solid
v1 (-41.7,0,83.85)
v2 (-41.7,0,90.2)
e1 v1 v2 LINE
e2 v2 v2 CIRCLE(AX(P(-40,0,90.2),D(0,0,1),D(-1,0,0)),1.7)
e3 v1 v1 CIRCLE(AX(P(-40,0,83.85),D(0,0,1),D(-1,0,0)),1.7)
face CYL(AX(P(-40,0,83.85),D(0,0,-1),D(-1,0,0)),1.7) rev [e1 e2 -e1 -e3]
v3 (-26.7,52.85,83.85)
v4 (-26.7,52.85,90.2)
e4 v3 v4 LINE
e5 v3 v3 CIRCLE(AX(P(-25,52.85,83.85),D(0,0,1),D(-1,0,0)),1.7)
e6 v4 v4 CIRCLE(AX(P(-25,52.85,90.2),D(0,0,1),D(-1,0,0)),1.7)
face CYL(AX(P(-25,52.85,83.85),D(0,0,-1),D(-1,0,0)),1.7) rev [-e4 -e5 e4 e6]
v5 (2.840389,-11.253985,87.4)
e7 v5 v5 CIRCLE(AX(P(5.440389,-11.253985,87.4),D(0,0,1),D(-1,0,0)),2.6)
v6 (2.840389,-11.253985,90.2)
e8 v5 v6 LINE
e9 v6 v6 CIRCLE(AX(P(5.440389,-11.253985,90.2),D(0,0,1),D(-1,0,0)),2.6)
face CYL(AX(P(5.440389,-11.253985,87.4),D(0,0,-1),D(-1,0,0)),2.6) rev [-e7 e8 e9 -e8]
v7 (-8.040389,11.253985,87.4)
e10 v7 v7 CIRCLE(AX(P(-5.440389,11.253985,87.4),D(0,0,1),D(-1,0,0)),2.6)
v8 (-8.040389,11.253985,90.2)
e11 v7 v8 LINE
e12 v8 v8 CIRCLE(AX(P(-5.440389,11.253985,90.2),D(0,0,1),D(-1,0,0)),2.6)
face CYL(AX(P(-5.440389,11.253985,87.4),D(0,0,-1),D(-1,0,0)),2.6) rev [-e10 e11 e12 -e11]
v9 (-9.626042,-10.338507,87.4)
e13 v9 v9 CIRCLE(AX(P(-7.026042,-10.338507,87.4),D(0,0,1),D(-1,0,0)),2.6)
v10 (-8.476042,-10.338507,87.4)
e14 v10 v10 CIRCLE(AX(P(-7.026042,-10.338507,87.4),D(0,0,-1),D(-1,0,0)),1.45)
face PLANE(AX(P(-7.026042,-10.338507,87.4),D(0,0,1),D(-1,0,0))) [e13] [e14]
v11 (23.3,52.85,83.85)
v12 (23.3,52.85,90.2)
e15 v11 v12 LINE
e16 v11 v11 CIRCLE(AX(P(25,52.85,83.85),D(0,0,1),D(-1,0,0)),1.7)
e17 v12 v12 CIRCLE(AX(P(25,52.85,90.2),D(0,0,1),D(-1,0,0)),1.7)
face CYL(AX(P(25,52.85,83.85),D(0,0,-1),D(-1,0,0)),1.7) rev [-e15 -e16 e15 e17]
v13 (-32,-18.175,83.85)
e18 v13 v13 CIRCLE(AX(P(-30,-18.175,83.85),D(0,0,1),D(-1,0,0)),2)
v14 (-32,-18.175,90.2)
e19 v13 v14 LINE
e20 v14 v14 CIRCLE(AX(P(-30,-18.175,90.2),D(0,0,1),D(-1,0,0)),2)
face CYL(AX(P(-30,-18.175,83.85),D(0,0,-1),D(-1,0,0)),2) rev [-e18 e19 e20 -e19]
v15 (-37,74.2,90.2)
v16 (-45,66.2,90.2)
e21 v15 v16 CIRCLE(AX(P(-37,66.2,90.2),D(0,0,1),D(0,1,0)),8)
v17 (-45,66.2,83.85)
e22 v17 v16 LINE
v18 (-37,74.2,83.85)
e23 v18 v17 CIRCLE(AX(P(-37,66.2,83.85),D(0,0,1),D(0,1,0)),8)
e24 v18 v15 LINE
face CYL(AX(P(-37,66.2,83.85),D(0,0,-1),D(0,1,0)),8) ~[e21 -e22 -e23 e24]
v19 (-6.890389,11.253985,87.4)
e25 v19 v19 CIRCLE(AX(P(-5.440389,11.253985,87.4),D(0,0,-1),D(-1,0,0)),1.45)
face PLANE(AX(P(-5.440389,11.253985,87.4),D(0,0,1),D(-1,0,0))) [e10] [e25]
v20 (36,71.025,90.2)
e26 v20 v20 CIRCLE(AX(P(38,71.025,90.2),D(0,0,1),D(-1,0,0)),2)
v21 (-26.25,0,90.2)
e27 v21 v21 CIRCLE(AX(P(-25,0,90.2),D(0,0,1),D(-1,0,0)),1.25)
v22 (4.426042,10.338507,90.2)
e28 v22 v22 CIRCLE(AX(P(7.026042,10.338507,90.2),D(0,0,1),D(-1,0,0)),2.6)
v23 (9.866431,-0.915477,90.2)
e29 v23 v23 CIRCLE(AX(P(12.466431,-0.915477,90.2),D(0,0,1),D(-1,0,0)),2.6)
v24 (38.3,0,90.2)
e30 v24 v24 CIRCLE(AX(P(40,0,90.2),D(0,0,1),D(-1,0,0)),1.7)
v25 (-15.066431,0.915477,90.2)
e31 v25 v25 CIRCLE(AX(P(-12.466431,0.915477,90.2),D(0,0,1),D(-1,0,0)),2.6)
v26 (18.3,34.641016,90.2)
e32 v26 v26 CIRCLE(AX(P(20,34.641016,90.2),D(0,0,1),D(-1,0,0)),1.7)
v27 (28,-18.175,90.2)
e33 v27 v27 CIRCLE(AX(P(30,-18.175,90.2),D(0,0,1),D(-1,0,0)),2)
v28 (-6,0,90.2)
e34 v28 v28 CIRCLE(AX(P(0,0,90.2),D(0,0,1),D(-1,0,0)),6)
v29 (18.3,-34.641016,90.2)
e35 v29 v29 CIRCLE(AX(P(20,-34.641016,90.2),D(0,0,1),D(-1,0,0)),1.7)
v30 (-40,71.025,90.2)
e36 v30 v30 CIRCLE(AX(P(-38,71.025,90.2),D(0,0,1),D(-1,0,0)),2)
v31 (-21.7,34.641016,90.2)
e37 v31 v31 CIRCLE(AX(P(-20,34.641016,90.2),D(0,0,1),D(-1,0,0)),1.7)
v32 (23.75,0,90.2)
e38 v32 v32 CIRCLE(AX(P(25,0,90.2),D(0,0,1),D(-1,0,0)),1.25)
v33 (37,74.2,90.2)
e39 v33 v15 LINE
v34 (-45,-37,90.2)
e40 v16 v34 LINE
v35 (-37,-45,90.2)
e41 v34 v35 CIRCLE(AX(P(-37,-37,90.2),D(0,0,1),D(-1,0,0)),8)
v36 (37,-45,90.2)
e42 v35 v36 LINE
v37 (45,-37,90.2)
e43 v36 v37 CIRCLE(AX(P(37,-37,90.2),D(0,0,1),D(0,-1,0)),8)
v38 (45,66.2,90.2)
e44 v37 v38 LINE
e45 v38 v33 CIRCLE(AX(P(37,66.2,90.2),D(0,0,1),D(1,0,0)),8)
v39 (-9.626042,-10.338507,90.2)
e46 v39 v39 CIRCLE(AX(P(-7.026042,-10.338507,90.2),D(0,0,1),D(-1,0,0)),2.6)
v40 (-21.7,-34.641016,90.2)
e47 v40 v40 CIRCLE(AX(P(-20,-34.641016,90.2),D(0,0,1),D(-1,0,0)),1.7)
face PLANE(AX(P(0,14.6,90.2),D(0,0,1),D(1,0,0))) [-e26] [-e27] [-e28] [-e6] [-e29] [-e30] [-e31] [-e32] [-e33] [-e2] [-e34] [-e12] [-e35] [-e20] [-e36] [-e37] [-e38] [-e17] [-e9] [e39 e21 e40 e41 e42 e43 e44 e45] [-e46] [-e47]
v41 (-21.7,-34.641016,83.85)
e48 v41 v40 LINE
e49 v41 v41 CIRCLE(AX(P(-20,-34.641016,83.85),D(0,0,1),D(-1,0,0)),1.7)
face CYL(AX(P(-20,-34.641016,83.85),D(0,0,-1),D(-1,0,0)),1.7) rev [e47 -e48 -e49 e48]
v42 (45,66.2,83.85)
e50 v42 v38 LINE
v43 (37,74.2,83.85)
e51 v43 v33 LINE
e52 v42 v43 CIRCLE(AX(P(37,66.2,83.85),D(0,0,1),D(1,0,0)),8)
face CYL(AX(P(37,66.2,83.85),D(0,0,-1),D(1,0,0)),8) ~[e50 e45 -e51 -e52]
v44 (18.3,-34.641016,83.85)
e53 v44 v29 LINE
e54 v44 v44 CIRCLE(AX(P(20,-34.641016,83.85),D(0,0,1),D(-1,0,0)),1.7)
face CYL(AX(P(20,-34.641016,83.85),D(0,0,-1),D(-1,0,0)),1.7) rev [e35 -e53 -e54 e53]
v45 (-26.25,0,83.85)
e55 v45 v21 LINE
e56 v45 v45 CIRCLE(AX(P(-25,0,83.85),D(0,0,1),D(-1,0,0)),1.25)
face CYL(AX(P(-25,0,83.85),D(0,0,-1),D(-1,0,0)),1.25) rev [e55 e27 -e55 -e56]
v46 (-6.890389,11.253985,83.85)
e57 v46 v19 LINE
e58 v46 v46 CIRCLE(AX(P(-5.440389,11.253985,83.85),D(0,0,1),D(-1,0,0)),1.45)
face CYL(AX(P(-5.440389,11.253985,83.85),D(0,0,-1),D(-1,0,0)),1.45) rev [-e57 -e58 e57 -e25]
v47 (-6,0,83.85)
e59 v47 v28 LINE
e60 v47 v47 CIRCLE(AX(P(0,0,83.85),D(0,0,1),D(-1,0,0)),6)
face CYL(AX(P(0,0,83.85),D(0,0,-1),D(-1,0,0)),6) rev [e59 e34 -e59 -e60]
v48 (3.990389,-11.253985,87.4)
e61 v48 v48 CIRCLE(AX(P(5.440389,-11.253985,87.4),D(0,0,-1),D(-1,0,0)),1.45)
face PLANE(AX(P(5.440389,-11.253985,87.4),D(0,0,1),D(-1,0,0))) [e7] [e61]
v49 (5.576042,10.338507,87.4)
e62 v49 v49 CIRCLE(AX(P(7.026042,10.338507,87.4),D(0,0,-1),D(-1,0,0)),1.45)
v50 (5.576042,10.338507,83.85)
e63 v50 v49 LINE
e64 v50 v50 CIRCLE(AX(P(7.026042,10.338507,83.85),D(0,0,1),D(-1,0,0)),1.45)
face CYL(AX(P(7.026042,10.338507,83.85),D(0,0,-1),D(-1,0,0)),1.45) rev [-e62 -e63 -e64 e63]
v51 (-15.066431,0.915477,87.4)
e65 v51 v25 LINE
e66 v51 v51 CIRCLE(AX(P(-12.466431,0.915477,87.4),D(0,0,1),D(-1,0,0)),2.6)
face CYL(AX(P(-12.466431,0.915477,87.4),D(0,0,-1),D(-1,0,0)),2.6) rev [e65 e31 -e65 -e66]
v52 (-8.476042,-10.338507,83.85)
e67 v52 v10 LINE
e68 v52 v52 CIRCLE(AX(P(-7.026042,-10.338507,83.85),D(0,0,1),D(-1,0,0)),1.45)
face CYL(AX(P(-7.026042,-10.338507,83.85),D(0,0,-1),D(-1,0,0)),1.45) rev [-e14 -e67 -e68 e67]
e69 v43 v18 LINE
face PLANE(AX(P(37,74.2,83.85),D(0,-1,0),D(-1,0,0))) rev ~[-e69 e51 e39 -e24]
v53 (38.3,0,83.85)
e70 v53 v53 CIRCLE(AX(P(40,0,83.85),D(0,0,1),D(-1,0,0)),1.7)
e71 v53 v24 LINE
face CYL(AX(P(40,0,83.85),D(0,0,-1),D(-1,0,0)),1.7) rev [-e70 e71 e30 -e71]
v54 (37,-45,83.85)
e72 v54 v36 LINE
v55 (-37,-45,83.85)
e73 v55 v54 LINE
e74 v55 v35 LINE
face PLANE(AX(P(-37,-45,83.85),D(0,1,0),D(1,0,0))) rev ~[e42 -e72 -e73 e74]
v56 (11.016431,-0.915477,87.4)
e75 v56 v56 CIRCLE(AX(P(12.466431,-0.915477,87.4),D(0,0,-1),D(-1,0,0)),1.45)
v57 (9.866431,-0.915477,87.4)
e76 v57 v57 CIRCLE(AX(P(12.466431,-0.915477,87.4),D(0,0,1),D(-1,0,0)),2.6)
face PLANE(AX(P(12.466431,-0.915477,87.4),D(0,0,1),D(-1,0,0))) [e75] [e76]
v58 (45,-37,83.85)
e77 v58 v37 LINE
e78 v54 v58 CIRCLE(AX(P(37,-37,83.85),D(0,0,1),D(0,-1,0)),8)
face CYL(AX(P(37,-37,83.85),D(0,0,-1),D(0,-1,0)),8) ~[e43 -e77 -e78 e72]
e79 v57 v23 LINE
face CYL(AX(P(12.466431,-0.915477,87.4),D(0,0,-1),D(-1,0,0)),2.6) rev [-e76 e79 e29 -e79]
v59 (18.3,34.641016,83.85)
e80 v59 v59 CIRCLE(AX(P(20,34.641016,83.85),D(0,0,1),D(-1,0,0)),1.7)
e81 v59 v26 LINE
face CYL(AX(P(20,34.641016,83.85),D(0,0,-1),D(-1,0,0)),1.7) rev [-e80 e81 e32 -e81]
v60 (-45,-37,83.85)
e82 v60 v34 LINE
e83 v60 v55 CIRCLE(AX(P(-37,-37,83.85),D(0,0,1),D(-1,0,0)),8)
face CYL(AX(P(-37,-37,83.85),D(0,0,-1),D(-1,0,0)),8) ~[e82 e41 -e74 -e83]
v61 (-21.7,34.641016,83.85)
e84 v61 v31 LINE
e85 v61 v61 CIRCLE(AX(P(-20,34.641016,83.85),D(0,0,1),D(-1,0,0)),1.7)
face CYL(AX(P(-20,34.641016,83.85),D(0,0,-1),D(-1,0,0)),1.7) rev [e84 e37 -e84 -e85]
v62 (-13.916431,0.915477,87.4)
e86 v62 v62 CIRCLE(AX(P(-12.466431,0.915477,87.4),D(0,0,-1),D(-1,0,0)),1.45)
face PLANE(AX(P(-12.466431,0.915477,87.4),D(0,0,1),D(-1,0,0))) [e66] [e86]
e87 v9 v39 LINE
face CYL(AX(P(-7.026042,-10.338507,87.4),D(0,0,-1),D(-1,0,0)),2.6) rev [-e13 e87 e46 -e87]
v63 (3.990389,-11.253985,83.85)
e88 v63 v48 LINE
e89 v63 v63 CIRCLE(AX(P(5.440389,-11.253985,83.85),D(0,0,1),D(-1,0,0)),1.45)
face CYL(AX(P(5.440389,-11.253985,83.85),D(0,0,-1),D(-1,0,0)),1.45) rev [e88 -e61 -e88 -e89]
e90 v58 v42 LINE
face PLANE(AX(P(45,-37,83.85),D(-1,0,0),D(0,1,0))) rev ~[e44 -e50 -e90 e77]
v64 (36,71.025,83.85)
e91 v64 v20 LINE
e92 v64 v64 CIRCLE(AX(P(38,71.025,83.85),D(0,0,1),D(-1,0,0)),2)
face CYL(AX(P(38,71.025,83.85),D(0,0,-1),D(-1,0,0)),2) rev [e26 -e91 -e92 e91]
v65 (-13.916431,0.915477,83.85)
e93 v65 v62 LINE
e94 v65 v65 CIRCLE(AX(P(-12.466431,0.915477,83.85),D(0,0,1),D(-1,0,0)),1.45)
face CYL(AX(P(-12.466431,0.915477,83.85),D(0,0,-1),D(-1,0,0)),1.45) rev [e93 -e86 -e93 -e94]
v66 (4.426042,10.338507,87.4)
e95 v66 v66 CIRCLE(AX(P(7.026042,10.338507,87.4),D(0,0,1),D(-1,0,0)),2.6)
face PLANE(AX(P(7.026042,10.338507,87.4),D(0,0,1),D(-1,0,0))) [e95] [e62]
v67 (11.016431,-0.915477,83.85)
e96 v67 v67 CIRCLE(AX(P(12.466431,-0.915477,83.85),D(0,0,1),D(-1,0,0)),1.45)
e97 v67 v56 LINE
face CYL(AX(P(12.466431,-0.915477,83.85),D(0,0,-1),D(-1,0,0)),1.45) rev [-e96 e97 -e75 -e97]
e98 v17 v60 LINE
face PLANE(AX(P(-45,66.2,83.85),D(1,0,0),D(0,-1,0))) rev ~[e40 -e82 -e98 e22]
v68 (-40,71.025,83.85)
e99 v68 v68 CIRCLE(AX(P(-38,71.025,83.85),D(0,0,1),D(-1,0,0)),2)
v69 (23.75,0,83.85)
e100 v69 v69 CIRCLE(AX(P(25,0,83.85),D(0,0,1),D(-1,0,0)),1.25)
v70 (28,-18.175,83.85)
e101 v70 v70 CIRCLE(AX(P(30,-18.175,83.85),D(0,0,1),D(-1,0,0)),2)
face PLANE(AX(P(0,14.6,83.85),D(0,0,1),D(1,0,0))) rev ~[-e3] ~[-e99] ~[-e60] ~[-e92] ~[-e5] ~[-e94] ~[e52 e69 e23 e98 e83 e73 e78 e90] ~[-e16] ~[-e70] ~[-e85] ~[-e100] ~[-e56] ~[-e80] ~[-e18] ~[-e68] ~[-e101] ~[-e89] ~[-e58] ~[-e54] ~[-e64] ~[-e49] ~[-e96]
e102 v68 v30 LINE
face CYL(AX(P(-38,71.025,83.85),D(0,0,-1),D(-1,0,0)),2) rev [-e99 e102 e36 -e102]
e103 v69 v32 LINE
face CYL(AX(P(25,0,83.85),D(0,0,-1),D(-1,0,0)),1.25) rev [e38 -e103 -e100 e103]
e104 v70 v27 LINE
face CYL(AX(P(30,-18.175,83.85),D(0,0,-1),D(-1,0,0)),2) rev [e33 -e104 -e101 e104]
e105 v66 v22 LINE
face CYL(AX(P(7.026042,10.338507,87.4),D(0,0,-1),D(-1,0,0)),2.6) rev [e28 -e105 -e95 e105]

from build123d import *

# Parameters (mm, degrees)
DISCO_1_4IN_START                         = 83.85
DISCO_1_4IN_DEPTH                         = 6.35
BARRENOS_M1_ARO_ESCUADRAS_PASADORES_START = 83.85
CROQUIS16_R                               = 1.45
CROQUIS16_R_2                             = 1.25
CROQUIS16_R_3                             = 6
CROQUIS16_R_4                             = 2
BARRENOS_M1_ARO_ESCUADRAS_PASADORES_DEPTH = 6.35
REFRENTADO_M2_5_START                     = 87.4
CROQUIS17_R                               = 2.6
REFRENTADO_M2_5_DEPTH                     = 2.8
PASO_M3_ESCUADRAS_TUERCA_START            = 83.85
CROQUIS18_R                               = 1.7
PASO_M3_ESCUADRAS_TUERCA_DEPTH            = 6.35
PASO_M3_ARO_TUERCA_START                  = 83.85
CROQUIS19_R                               = 1.7
PASO_M3_ARO_TUERCA_DEPTH                  = 6.35


with BuildPart() as part:
    # Croquis15 → Disco_1-4in (new body)
    with BuildSketch(Plane.XY.offset(DISCO_1_4IN_START)):
        with BuildLine():
            Line((-37, -45), (37, -45))
            ThreePointArc((37, -45), (42.656854249, -42.656854249), (45, -37))
            Line((45, -37), (45, 66.2))
            ThreePointArc((45, 66.2), (42.656854249, 71.856854249), (37, 74.2))
            Line((37, 74.2), (-37, 74.2))
            ThreePointArc((-37, 74.2), (-42.656854249, 71.856854249), (-45, 66.2))
            Line((-45, 66.2), (-45, -37))
            ThreePointArc((-45, -37), (-42.656854249, -42.656854249), (-37, -45))
        make_face()
    extrude(amount=DISCO_1_4IN_DEPTH)

    # Croquis16 → Barrenos_M1_aro_escuadras_pasadores (cut)
    with BuildSketch(Plane.XY.offset(BARRENOS_M1_ARO_ESCUADRAS_PASADORES_START)):
        with Locations(Location((7.026042223, 10.338507178, 0), (0, 0, 180))):
            Circle(CROQUIS16_R)
        with Locations(Location((-5.440388742, 11.253984643, 0), (0, 0, 180))):
            Circle(CROQUIS16_R)
        with Locations(Location((-12.466430965, 0.915477464, 0), (0, 0, 180))):
            Circle(CROQUIS16_R)
        with Locations(Location((-7.026042223, -10.338507178, 0), (0, 0, 180))):
            Circle(CROQUIS16_R)
        with Locations(Location((5.440388742, -11.253984643, 0), (0, 0, 180))):
            Circle(CROQUIS16_R)
        with Locations(Location((12.466430965, -0.915477464, 0), (0, 0, 180))):
            Circle(CROQUIS16_R)
        with Locations(Location((40, 0, 0), (0, 0, 180))):
            Circle(CROQUIS16_R_2)
        with Locations(Location((20, 34.641016151, 0), (0, 0, 180))):
            Circle(CROQUIS16_R_2)
        with Locations(Location((-20, 34.641016151, 0), (0, 0, 180))):
            Circle(CROQUIS16_R_2)
        with Locations(Location((-40, 0, 0), (0, 0, 180))):
            Circle(CROQUIS16_R_2)
        with Locations(Location((-20, -34.641016151, 0), (0, 0, 180))):
            Circle(CROQUIS16_R_2)
        with Locations(Location((20, -34.641016151, 0), (0, 0, 180))):
            Circle(CROQUIS16_R_2)
        with Locations(Location((0, 0, 0), (0, 0, 180))):
            Circle(CROQUIS16_R_3)
        with Locations(Location((-25, 52.85, 0), (0, 0, 180))):
            Circle(CROQUIS16_R_2)
        with Locations(Location((-25, 0, 0), (0, 0, 180))):
            Circle(CROQUIS16_R_2)
        with Locations(Location((25, 52.85, 0), (0, 0, 180))):
            Circle(CROQUIS16_R_2)
        with Locations(Location((25, 0, 0), (0, 0, 180))):
            Circle(CROQUIS16_R_2)
        with Locations(Location((-38, 71.025, 0), (0, 0, 180))):
            Circle(CROQUIS16_R_4)
        with Locations(Location((38, 71.025, 0), (0, 0, 180))):
            Circle(CROQUIS16_R_4)
        with Locations(Location((-30, -18.175, 0), (0, 0, 180))):
            Circle(CROQUIS16_R_4)
        with Locations(Location((30, -18.175, 0), (0, 0, 180))):
            Circle(CROQUIS16_R_4)
    extrude(amount=BARRENOS_M1_ARO_ESCUADRAS_PASADORES_DEPTH, mode=Mode.SUBTRACT)

    # Croquis17 → Refrentado_M2-5 (cut)
    with BuildSketch(Plane.XY.offset(REFRENTADO_M2_5_START)):
        with Locations(Location((7.026042223, 10.338507178, 0), (0, 0, 180))):
            Circle(CROQUIS17_R)
        with Locations(Location((-5.440388742, 11.253984643, 0), (0, 0, 180))):
            Circle(CROQUIS17_R)
        with Locations(Location((-12.466430965, 0.915477464, 0), (0, 0, 180))):
            Circle(CROQUIS17_R)
        with Locations(Location((-7.026042223, -10.338507178, 0), (0, 0, 180))):
            Circle(CROQUIS17_R)
        with Locations(Location((5.440388742, -11.253984643, 0), (0, 0, 180))):
            Circle(CROQUIS17_R)
        with Locations(Location((12.466430965, -0.915477464, 0), (0, 0, 180))):
            Circle(CROQUIS17_R)
    extrude(amount=REFRENTADO_M2_5_DEPTH, mode=Mode.SUBTRACT)

    # Croquis18 → Paso_M3_escuadras_tuerca (cut)
    with BuildSketch(Plane.XY.offset(PASO_M3_ESCUADRAS_TUERCA_START)):
        with Locations(Location((-25, 52.85, 0), (0, 0, 180))):
            Circle(CROQUIS18_R)
        with Locations(Location((25, 52.85, 0), (0, 0, 180))):
            Circle(CROQUIS18_R)
    extrude(amount=PASO_M3_ESCUADRAS_TUERCA_DEPTH, mode=Mode.SUBTRACT)

    # Croquis19 → Paso_M3_aro_tuerca (cut)
    with BuildSketch(Plane.XY.offset(PASO_M3_ARO_TUERCA_START)):
        with Locations(Location((40, 0, 0), (0, 0, 180))):
            Circle(CROQUIS19_R)
        with Locations(Location((20, 34.641016151, 0), (0, 0, 180))):
            Circle(CROQUIS19_R)
        with Locations(Location((-20, 34.641016151, 0), (0, 0, 180))):
            Circle(CROQUIS19_R)
        with Locations(Location((-40, 0, 0), (0, 0, 180))):
            Circle(CROQUIS19_R)
        with Locations(Location((-20, -34.641016151, 0), (0, 0, 180))):
            Circle(CROQUIS19_R)
        with Locations(Location((20, -34.641016151, 0), (0, 0, 180))):
            Circle(CROQUIS19_R)
    extrude(amount=PASO_M3_ARO_TUERCA_DEPTH, mode=Mode.SUBTRACT)


solid = part.part
